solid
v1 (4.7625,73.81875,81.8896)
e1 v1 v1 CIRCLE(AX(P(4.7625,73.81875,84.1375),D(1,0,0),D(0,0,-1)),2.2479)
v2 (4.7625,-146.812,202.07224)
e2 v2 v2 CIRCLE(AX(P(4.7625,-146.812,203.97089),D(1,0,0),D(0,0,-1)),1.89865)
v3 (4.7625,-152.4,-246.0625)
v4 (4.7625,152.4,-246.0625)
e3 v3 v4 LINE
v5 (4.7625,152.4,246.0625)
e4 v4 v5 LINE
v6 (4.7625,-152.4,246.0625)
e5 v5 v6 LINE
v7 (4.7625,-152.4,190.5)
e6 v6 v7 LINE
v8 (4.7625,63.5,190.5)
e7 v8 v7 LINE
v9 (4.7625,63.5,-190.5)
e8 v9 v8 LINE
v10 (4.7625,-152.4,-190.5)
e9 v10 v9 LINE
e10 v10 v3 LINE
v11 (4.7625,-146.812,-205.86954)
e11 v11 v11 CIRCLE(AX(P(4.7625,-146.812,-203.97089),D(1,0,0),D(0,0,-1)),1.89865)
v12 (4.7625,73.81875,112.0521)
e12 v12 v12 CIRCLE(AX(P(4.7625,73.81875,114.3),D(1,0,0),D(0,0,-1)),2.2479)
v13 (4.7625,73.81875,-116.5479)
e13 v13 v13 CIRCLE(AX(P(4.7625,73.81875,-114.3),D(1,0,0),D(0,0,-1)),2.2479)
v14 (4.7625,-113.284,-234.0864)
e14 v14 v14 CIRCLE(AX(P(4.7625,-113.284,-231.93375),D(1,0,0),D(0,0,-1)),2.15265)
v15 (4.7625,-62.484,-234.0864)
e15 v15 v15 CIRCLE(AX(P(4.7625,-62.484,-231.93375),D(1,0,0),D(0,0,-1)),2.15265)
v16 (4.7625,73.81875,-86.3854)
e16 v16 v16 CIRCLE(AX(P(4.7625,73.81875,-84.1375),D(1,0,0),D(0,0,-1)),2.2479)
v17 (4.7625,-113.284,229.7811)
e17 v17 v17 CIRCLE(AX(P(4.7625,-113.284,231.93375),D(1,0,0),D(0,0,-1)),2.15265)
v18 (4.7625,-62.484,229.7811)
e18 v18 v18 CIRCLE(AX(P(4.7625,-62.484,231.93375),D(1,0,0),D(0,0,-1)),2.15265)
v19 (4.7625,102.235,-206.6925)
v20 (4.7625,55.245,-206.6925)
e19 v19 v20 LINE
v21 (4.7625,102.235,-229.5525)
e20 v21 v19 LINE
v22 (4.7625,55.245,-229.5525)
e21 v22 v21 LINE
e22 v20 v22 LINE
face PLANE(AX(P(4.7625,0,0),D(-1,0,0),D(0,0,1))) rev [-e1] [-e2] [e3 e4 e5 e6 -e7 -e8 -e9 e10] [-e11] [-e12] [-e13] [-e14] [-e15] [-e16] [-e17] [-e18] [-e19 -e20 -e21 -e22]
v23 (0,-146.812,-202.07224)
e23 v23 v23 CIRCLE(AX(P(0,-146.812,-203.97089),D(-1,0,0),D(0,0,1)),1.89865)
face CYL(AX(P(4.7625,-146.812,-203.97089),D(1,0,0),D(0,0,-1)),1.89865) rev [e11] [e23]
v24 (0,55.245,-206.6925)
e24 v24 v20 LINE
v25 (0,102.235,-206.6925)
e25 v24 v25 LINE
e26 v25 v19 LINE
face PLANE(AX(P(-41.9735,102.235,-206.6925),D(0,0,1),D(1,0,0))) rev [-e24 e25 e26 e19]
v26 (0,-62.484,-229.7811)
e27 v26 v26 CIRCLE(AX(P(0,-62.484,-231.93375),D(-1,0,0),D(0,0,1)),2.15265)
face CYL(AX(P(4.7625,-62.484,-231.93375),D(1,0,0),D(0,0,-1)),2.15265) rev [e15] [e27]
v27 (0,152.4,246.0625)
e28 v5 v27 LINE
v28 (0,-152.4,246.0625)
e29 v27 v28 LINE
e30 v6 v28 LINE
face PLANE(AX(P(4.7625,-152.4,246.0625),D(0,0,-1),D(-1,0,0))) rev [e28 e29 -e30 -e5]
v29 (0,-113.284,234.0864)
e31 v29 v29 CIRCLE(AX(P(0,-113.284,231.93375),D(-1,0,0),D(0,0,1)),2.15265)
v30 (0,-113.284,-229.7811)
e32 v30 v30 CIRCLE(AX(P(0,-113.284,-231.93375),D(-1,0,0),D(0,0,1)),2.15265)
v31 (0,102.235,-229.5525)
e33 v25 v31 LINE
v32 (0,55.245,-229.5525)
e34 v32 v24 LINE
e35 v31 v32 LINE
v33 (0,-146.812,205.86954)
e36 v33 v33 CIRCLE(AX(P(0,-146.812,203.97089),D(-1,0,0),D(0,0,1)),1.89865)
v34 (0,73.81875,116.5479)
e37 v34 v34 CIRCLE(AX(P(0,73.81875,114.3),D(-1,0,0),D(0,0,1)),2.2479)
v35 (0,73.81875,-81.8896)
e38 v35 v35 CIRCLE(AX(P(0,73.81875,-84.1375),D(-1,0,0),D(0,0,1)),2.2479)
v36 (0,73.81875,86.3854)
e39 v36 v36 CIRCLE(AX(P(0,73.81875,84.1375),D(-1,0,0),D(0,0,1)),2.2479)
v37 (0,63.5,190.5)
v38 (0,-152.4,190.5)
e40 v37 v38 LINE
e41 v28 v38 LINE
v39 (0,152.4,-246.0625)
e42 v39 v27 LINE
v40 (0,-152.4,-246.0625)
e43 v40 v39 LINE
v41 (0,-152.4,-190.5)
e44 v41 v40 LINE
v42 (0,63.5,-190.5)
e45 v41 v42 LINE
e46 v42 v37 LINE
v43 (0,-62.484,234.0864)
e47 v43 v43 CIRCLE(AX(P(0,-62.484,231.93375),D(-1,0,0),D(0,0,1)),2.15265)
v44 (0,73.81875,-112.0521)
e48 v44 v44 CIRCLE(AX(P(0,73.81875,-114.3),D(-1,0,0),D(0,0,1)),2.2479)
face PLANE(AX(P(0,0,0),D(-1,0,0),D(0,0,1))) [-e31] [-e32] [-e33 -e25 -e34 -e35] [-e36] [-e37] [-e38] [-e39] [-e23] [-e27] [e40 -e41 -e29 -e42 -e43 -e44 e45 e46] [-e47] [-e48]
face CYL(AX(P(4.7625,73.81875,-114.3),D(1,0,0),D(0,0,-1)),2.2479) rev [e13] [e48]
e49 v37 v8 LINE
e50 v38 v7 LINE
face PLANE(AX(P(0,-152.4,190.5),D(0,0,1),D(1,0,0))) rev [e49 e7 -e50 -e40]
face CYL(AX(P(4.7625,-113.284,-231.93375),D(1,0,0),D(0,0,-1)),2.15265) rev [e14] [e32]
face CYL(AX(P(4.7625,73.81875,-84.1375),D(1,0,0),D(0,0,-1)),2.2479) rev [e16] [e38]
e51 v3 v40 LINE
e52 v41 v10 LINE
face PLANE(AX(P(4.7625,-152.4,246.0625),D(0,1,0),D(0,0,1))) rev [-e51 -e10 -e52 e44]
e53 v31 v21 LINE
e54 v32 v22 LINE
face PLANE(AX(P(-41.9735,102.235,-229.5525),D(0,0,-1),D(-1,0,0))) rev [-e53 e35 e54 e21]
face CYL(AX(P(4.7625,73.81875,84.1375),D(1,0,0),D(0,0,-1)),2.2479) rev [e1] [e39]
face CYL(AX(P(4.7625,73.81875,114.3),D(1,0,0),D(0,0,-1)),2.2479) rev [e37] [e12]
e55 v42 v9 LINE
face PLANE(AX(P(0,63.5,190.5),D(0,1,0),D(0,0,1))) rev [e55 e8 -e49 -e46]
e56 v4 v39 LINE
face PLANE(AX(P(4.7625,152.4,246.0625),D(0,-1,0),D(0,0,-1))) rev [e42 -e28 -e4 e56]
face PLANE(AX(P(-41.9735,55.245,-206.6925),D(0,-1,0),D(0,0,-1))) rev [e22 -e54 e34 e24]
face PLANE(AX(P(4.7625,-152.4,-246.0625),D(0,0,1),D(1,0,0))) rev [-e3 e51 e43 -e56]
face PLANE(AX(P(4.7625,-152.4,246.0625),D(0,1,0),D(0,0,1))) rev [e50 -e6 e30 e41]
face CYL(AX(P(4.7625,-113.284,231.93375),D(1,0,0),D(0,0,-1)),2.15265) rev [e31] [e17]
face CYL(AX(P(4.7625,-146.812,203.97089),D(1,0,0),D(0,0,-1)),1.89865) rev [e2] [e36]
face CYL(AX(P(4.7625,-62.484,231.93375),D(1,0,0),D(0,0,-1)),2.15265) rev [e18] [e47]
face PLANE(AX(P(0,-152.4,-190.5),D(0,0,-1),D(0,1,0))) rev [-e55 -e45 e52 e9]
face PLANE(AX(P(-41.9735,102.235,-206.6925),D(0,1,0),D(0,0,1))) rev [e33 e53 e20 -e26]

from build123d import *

# Parameters (mm, degrees)
SKETCH1_W                 = 492.125
SKETCH1_H                 = 304.8
BOSS_EXTRUDE1_DEPTH       = 4.7625
CUT_EXTRUDE1_REACH        = 6.763
BOSS_EXTRUDE2_REACH       = 494.125
SKETCH3_W                 = 4.7625
SKETCH3_H                 = 304.8
F_8_CLEARANCE_HOLE1_D     = 4.3053
F_8_CLEARANCE_HOLE1_DEPTH = 74.422
F_8_CLEARANCE_HOLE1_TIP   = 1.293442612
SKETCH9_W                 = 381
SKETCH9_H                 = 215.9
CUT_EXTRUDE2_DEPTH        = 5.7625
F_8_CLEARANCE_HOLE2_D     = 4.4958
F_8_CLEARANCE_HOLE2_DEPTH = 74.422
F_8_CLEARANCE_HOLE2_TIP   = 1.350674586
F_6_CLEARANCE_HOLE1_D     = 3.7973
F_6_CLEARANCE_HOLE1_DEPTH = 74.422
F_6_CLEARANCE_HOLE1_TIP   = 1.140824014
SKETCH14_W                = 22.86
SKETCH14_H                = 46.99
CUT_EXTRUDE3_DEPTH        = 46.736


with BuildPart() as part:
    # Sketch1 → Boss-Extrude1 (new body)
    with BuildSketch(Plane(origin=(0, 0, 0), x_dir=(0, 0, -1), z_dir=(1, 0, 0))):
        Rectangle(SKETCH1_W, SKETCH1_H)
    extrude(amount=BOSS_EXTRUDE1_DEPTH)

    # Sketch2 → Cut-Extrude1 (cut, up to next)
    with BuildSketch(Plane(origin=(4.7625, 0, 0), x_dir=(0, 0, -1), z_dir=(1, 0, 0)), mode=Mode.PRIVATE) as cut_extrude1_sk1:
        Polygon((-24.852813742, -60), (24.852813742, -60), (42.426406871, -42.426406871), (60, -24.852813742), (60, 24.852813742), (24.852813742, 60), (-24.852813742, 60), (-60, 24.852813742), (-60, -24.852813742), align=None)
    cut_extrude1_tool1 = extrude(cut_extrude1_sk1.sketch, amount=-CUT_EXTRUDE1_REACH, mode=Mode.PRIVATE) & part.part
    add(cut_extrude1_tool1.solids().sort_by_distance((4.7625, 0, 0))[0], mode=Mode.SUBTRACT)

    # Sketch3 → Boss-Extrude2 (add, up to next)
    with BuildSketch(Plane.XY.offset(246.0625), mode=Mode.PRIVATE) as boss_extrude2_sk1:
        with Locations((2.38125, 0)):
            Rectangle(SKETCH3_W, SKETCH3_H)
    boss_extrude2_tool1 = extrude(boss_extrude2_sk1.sketch, amount=-BOSS_EXTRUDE2_REACH, mode=Mode.PRIVATE) - part.part
    add(boss_extrude2_tool1.solids().sort_by_distance((2.38125, 0, 246.0625))[0])

    # #8 Clearance Hole1
    with Locations(Plane(origin=(4.7625, 0, 0), x_dir=(0, 0, -1), z_dir=(1, 0, 0))):
        with Locations((-231.93375, -113.284), (-231.93375, -62.484), (231.93375, -62.484), (231.93375, -113.284)):
            Hole(F_8_CLEARANCE_HOLE1_D / 2, depth=F_8_CLEARANCE_HOLE1_DEPTH)
            with Locations((0, 0, -(F_8_CLEARANCE_HOLE1_DEPTH + F_8_CLEARANCE_HOLE1_TIP / 2))):  # 118° drill point
                Cone(0, F_8_CLEARANCE_HOLE1_D / 2, F_8_CLEARANCE_HOLE1_TIP, mode=Mode.SUBTRACT)

    # Sketch9 → Cut-Extrude2 (cut, through all)
    with BuildSketch(Plane(origin=(4.7625, 0, 0), x_dir=(0, 0, -1), z_dir=(1, 0, 0))):
        with Locations((0, -44.45)):
            Rectangle(SKETCH9_W, SKETCH9_H)
    extrude(amount=-CUT_EXTRUDE2_DEPTH, mode=Mode.SUBTRACT)

    # #8 Clearance Hole2
    with Locations(Plane(origin=(4.7625, 0, 0), x_dir=(0, 0, -1), z_dir=(1, 0, 0))):
        with Locations((-114.3, 73.81875), (-84.1375, 73.81875), (84.1375, 73.81875), (114.3, 73.81875)):
            Hole(F_8_CLEARANCE_HOLE2_D / 2, depth=F_8_CLEARANCE_HOLE2_DEPTH)
            with Locations((0, 0, -(F_8_CLEARANCE_HOLE2_DEPTH + F_8_CLEARANCE_HOLE2_TIP / 2))):  # 118° drill point
                Cone(0, F_8_CLEARANCE_HOLE2_D / 2, F_8_CLEARANCE_HOLE2_TIP, mode=Mode.SUBTRACT)

    # #6 Clearance Hole1
    with Locations(Plane(origin=(4.7625, 0, 0), x_dir=(0, 0, -1), z_dir=(1, 0, 0))):
        with Locations((-203.97089, -146.812), (203.97089, -146.812)):
            Hole(F_6_CLEARANCE_HOLE1_D / 2, depth=F_6_CLEARANCE_HOLE1_DEPTH)
            with Locations((0, 0, -(F_6_CLEARANCE_HOLE1_DEPTH + F_6_CLEARANCE_HOLE1_TIP / 2))):  # 118° drill point
                Cone(0, F_6_CLEARANCE_HOLE1_D / 2, F_6_CLEARANCE_HOLE1_TIP, mode=Mode.SUBTRACT)

    # Sketch14 → Cut-Extrude3 (cut)
    with BuildSketch(Plane(origin=(4.7625, 0, 0), x_dir=(0, 0, -1), z_dir=(1, 0, 0))):
        with Locations((218.1225, 78.74)):
            Rectangle(SKETCH14_W, SKETCH14_H)
    extrude(amount=-CUT_EXTRUDE3_DEPTH, mode=Mode.SUBTRACT)


solid = part.part
